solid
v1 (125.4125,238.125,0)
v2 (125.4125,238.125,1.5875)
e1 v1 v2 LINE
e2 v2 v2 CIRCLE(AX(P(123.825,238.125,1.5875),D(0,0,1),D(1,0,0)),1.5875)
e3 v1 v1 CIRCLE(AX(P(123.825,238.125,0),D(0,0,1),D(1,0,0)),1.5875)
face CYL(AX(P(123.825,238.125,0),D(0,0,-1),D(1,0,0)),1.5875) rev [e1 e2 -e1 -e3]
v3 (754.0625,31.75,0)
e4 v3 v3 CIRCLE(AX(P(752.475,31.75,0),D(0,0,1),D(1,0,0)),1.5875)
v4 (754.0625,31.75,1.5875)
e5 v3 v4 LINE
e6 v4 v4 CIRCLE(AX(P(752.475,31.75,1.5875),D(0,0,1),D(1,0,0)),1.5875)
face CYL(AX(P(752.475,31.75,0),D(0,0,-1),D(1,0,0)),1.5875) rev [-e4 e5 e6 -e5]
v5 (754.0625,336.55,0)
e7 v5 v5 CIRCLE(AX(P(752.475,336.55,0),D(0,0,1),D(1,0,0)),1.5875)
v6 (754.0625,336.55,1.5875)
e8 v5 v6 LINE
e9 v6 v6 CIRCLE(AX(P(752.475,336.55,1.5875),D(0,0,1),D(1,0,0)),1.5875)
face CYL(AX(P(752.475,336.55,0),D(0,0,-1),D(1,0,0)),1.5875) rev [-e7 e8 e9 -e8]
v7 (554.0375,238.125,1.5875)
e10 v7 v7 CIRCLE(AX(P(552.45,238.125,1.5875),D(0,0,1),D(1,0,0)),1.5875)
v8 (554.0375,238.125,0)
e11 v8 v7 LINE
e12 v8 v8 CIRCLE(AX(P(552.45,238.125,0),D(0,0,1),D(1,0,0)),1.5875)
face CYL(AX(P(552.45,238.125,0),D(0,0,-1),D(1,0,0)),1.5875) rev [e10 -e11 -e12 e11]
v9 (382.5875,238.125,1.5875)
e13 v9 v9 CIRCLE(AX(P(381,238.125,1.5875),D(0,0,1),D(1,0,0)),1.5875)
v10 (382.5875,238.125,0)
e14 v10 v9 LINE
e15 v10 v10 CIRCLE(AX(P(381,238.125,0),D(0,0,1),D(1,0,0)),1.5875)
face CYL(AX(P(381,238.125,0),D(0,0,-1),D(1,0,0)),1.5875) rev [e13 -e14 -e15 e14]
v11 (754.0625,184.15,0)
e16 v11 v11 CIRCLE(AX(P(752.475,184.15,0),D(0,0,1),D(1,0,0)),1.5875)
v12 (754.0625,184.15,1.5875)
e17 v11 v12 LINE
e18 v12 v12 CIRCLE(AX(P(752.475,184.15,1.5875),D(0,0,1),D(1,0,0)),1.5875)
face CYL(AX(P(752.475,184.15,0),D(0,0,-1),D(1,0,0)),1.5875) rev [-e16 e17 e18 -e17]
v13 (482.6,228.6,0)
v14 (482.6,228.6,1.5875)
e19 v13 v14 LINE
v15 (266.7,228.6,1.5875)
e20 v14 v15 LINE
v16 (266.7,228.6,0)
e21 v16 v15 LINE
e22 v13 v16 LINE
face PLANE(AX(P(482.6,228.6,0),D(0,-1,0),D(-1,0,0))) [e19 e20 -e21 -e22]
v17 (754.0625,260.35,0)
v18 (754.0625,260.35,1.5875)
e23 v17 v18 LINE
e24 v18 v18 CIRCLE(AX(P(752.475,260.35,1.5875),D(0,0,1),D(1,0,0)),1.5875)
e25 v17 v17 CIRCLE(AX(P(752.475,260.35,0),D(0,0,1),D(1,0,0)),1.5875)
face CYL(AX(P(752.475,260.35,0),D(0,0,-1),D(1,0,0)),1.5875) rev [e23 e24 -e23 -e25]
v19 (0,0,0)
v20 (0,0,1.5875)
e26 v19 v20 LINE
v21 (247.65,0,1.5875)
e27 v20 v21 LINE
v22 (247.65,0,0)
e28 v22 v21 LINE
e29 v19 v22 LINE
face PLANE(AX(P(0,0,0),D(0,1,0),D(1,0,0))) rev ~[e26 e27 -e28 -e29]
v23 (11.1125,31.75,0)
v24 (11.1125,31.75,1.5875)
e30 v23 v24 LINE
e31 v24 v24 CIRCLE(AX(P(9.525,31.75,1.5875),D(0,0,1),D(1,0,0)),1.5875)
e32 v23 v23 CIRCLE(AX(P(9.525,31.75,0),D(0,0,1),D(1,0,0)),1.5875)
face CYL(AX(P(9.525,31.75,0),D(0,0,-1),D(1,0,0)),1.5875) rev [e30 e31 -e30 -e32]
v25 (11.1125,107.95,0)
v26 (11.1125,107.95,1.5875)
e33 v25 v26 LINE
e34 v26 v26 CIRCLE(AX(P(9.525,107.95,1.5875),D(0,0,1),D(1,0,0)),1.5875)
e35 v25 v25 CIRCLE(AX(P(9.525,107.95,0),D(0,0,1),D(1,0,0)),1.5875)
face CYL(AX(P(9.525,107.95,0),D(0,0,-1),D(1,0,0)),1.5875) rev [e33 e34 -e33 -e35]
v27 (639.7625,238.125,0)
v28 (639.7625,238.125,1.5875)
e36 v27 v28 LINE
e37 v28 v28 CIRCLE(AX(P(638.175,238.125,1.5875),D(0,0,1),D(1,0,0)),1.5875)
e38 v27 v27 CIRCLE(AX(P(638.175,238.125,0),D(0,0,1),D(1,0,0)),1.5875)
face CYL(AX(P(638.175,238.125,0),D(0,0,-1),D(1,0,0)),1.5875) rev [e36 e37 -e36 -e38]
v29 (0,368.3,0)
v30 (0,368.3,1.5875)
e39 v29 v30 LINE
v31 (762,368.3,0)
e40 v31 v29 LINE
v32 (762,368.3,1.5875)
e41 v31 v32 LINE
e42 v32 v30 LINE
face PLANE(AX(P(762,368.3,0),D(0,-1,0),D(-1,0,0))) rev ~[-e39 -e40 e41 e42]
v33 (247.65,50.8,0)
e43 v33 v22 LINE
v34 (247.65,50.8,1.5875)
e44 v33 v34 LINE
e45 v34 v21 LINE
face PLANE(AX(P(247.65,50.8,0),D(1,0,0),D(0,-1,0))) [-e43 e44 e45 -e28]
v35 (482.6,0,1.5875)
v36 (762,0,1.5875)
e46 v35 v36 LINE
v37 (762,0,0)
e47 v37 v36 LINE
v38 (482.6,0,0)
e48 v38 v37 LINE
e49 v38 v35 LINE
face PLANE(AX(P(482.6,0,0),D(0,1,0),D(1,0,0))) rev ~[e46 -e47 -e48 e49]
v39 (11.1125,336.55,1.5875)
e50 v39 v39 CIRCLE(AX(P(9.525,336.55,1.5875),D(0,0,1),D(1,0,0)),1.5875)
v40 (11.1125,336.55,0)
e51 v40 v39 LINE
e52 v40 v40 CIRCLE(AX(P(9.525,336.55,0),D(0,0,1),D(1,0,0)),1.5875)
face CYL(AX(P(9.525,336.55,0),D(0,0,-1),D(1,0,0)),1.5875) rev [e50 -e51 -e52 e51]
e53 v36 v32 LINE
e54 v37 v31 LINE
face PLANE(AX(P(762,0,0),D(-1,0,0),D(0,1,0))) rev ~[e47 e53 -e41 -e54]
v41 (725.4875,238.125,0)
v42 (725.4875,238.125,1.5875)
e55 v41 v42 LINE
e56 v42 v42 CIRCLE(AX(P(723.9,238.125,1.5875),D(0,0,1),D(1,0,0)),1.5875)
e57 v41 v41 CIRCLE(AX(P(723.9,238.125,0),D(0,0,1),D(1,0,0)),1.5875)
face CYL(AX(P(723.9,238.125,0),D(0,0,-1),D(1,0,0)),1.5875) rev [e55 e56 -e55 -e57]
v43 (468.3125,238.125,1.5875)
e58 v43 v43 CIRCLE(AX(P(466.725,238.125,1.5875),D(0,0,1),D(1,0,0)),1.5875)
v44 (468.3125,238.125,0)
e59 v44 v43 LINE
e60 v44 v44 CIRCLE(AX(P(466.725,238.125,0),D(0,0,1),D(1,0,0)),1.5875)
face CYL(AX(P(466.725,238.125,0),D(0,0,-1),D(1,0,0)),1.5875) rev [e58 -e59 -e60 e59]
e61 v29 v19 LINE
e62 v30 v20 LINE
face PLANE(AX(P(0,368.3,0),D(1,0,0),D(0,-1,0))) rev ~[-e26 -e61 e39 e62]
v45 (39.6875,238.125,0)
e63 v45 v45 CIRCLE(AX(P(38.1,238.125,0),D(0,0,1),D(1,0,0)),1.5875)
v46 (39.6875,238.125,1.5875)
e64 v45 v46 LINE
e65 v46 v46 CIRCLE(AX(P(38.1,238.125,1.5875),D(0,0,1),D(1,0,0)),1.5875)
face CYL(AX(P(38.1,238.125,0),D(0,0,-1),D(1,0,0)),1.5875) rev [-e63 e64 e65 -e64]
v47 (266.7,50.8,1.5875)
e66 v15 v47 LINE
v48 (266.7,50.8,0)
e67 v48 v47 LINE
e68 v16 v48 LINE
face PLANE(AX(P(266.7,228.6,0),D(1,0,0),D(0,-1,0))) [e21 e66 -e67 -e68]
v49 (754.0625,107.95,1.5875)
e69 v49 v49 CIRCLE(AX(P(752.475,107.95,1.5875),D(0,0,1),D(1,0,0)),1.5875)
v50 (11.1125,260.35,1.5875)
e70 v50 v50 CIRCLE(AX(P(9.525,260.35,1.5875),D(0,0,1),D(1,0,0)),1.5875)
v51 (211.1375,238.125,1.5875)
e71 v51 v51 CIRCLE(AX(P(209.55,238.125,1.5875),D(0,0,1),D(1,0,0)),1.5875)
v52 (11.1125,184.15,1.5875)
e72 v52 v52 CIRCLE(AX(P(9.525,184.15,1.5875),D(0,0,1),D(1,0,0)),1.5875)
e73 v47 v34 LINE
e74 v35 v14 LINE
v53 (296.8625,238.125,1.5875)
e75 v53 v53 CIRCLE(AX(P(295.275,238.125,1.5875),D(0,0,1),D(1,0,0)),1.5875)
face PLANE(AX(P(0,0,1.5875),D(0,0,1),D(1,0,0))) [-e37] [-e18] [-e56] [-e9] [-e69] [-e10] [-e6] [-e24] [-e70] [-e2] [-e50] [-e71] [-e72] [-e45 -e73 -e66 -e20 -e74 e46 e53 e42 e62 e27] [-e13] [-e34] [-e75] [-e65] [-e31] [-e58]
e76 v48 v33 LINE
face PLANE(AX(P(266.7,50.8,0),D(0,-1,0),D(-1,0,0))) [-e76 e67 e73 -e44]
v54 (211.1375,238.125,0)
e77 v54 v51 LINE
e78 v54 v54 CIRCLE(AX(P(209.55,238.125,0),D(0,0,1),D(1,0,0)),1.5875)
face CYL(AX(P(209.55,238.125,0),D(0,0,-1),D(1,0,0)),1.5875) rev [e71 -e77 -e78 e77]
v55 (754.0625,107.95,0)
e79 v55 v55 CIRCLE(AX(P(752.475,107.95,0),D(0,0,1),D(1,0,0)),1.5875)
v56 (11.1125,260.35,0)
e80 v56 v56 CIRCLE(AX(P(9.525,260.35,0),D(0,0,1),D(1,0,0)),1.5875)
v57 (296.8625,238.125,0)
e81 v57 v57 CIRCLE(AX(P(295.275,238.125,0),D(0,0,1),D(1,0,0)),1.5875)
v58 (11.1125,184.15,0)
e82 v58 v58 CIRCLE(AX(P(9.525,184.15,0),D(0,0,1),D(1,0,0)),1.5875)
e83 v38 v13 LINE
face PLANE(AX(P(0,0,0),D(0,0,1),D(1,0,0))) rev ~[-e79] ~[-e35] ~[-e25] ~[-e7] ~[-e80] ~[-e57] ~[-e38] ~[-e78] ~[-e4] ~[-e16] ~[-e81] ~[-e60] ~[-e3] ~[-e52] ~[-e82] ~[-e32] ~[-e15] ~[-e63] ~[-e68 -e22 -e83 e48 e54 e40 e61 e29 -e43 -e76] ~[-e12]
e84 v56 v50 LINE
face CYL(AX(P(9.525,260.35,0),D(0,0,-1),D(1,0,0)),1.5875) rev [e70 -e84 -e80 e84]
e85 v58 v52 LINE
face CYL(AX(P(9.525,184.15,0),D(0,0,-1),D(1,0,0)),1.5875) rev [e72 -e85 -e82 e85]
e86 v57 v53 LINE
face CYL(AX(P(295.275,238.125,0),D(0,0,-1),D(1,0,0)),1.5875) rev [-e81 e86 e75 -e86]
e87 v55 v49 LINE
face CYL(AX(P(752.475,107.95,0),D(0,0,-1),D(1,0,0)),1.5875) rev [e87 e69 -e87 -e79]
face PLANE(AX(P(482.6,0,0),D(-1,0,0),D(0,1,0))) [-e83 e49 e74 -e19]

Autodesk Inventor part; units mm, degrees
ref_plane "YZ Plane" through (0, 0, 0) normal (1, 0, 0) x (0, 1, 0)
ref_plane "XZ Plane" through (0, 0, 0) normal (0, 1, 0) x (-1, 0, 0)
ref_plane "XY Plane" through (0, 0, 0) normal (0, 0, 1) x (1, 0, 0)
sketch "Sketch1" plane through (0, 0, 0) normal (0, 0, 1) x (1, 0, 0)
  line L0 (0, 0) -> (247.65, 0)
  line L1 (762, 0) -> (762, 368.3)
  line L2 (762, 368.3) -> (0, 368.3)
  line L3 (0, 368.3) -> (0, 0)
  line L4 (752.475, 368.3) -> (752.475, 0) construction
  line L5 (762, 184.15) -> (0, 184.15) construction
  line L6 (381, 368.3) -> (381, 0) construction
  line L7 (762, 238.125) -> (0, 238.125) construction
  circle A0 centre (381, 238.125) radius 1.5875
  circle A1 centre (295.275, 238.125) radius 1.5875
  circle A2 centre (209.55, 238.125) radius 1.5875
  circle A3 centre (123.825, 238.125) radius 1.5875
  circle A4 centre (38.1, 238.125) radius 1.5875
  circle A5 centre (466.725, 238.125) radius 1.5875
  circle A6 centre (552.45, 238.125) radius 1.5875
  circle A7 centre (638.175, 238.125) radius 1.5875
  circle A8 centre (723.9, 238.125) radius 1.5875
  circle A9 centre (752.475, 184.15) radius 1.5875
  circle A10 centre (752.475, 107.95) radius 1.5875
  circle A11 centre (752.475, 31.75) radius 1.5875
  circle A12 centre (752.475, 260.35) radius 1.5875
  circle A13 centre (752.475, 184.15) radius 1.5875
  circle A14 centre (752.475, 107.95) radius 1.5875
  circle A15 centre (752.475, 336.55) radius 1.5875
  circle A16 centre (752.475, 260.35) radius 1.5875
  circle A17 centre (752.475, 184.15) radius 1.5875
  line L8 (9.525, 368.3) -> (9.525, 0) construction
  circle A18 centre (9.525, 184.15) radius 1.5875
  circle A19 centre (9.525, 107.95) radius 1.5875
  circle A20 centre (9.525, 31.75) radius 1.5875
  circle A21 centre (9.525, 260.35) radius 1.5875
  circle A22 centre (9.525, 184.15) radius 1.5875
  circle A23 centre (9.525, 107.95) radius 1.5875
  circle A24 centre (9.525, 336.55) radius 1.5875
  circle A25 centre (9.525, 260.35) radius 1.5875
  circle A26 centre (9.525, 184.15) radius 1.5875
  line L9 (482.6, 0) -> (482.6, 228.6)
  line L10 (482.6, 228.6) -> (266.7, 228.6)
  line L11 (266.7, 228.6) -> (266.7, 50.8)
  line L12 (482.6, 0) -> (762, 0)
  line L13 (266.7, 0) -> (482.6, 0) construction
  line L14 (266.7, 50.8) -> (247.65, 50.8)
  line L15 (247.65, 50.8) -> (247.65, 0)
  line L16 (266.7, 50.8) -> (266.7, 0) construction
  line L17 (247.65, 0) -> (266.7, 0) construction
  dimension "d0" = 762
  dimension "d1" = 368.3
  dimension "d12" = 9.525
  dimension "d16" = 85.725
  dimension "d23" = 85.725
  dimension "d28" = 3.175
  dimension "d31" = 76.2
  dimension "d34" = 76.2
  dimension "d39" = 9.525
  dimension "d41" = 101.6
  dimension "d42" = 114.3
  dimension "d43" = 19.05
  dimension "d44" = 50.8
  dimension "d45" = 44.45
extrude "Extrusion1" add sketch "Sketch1" along normal blind 1.5875
properties part number "Long Wall" material "Polycarbonate, Clear"
